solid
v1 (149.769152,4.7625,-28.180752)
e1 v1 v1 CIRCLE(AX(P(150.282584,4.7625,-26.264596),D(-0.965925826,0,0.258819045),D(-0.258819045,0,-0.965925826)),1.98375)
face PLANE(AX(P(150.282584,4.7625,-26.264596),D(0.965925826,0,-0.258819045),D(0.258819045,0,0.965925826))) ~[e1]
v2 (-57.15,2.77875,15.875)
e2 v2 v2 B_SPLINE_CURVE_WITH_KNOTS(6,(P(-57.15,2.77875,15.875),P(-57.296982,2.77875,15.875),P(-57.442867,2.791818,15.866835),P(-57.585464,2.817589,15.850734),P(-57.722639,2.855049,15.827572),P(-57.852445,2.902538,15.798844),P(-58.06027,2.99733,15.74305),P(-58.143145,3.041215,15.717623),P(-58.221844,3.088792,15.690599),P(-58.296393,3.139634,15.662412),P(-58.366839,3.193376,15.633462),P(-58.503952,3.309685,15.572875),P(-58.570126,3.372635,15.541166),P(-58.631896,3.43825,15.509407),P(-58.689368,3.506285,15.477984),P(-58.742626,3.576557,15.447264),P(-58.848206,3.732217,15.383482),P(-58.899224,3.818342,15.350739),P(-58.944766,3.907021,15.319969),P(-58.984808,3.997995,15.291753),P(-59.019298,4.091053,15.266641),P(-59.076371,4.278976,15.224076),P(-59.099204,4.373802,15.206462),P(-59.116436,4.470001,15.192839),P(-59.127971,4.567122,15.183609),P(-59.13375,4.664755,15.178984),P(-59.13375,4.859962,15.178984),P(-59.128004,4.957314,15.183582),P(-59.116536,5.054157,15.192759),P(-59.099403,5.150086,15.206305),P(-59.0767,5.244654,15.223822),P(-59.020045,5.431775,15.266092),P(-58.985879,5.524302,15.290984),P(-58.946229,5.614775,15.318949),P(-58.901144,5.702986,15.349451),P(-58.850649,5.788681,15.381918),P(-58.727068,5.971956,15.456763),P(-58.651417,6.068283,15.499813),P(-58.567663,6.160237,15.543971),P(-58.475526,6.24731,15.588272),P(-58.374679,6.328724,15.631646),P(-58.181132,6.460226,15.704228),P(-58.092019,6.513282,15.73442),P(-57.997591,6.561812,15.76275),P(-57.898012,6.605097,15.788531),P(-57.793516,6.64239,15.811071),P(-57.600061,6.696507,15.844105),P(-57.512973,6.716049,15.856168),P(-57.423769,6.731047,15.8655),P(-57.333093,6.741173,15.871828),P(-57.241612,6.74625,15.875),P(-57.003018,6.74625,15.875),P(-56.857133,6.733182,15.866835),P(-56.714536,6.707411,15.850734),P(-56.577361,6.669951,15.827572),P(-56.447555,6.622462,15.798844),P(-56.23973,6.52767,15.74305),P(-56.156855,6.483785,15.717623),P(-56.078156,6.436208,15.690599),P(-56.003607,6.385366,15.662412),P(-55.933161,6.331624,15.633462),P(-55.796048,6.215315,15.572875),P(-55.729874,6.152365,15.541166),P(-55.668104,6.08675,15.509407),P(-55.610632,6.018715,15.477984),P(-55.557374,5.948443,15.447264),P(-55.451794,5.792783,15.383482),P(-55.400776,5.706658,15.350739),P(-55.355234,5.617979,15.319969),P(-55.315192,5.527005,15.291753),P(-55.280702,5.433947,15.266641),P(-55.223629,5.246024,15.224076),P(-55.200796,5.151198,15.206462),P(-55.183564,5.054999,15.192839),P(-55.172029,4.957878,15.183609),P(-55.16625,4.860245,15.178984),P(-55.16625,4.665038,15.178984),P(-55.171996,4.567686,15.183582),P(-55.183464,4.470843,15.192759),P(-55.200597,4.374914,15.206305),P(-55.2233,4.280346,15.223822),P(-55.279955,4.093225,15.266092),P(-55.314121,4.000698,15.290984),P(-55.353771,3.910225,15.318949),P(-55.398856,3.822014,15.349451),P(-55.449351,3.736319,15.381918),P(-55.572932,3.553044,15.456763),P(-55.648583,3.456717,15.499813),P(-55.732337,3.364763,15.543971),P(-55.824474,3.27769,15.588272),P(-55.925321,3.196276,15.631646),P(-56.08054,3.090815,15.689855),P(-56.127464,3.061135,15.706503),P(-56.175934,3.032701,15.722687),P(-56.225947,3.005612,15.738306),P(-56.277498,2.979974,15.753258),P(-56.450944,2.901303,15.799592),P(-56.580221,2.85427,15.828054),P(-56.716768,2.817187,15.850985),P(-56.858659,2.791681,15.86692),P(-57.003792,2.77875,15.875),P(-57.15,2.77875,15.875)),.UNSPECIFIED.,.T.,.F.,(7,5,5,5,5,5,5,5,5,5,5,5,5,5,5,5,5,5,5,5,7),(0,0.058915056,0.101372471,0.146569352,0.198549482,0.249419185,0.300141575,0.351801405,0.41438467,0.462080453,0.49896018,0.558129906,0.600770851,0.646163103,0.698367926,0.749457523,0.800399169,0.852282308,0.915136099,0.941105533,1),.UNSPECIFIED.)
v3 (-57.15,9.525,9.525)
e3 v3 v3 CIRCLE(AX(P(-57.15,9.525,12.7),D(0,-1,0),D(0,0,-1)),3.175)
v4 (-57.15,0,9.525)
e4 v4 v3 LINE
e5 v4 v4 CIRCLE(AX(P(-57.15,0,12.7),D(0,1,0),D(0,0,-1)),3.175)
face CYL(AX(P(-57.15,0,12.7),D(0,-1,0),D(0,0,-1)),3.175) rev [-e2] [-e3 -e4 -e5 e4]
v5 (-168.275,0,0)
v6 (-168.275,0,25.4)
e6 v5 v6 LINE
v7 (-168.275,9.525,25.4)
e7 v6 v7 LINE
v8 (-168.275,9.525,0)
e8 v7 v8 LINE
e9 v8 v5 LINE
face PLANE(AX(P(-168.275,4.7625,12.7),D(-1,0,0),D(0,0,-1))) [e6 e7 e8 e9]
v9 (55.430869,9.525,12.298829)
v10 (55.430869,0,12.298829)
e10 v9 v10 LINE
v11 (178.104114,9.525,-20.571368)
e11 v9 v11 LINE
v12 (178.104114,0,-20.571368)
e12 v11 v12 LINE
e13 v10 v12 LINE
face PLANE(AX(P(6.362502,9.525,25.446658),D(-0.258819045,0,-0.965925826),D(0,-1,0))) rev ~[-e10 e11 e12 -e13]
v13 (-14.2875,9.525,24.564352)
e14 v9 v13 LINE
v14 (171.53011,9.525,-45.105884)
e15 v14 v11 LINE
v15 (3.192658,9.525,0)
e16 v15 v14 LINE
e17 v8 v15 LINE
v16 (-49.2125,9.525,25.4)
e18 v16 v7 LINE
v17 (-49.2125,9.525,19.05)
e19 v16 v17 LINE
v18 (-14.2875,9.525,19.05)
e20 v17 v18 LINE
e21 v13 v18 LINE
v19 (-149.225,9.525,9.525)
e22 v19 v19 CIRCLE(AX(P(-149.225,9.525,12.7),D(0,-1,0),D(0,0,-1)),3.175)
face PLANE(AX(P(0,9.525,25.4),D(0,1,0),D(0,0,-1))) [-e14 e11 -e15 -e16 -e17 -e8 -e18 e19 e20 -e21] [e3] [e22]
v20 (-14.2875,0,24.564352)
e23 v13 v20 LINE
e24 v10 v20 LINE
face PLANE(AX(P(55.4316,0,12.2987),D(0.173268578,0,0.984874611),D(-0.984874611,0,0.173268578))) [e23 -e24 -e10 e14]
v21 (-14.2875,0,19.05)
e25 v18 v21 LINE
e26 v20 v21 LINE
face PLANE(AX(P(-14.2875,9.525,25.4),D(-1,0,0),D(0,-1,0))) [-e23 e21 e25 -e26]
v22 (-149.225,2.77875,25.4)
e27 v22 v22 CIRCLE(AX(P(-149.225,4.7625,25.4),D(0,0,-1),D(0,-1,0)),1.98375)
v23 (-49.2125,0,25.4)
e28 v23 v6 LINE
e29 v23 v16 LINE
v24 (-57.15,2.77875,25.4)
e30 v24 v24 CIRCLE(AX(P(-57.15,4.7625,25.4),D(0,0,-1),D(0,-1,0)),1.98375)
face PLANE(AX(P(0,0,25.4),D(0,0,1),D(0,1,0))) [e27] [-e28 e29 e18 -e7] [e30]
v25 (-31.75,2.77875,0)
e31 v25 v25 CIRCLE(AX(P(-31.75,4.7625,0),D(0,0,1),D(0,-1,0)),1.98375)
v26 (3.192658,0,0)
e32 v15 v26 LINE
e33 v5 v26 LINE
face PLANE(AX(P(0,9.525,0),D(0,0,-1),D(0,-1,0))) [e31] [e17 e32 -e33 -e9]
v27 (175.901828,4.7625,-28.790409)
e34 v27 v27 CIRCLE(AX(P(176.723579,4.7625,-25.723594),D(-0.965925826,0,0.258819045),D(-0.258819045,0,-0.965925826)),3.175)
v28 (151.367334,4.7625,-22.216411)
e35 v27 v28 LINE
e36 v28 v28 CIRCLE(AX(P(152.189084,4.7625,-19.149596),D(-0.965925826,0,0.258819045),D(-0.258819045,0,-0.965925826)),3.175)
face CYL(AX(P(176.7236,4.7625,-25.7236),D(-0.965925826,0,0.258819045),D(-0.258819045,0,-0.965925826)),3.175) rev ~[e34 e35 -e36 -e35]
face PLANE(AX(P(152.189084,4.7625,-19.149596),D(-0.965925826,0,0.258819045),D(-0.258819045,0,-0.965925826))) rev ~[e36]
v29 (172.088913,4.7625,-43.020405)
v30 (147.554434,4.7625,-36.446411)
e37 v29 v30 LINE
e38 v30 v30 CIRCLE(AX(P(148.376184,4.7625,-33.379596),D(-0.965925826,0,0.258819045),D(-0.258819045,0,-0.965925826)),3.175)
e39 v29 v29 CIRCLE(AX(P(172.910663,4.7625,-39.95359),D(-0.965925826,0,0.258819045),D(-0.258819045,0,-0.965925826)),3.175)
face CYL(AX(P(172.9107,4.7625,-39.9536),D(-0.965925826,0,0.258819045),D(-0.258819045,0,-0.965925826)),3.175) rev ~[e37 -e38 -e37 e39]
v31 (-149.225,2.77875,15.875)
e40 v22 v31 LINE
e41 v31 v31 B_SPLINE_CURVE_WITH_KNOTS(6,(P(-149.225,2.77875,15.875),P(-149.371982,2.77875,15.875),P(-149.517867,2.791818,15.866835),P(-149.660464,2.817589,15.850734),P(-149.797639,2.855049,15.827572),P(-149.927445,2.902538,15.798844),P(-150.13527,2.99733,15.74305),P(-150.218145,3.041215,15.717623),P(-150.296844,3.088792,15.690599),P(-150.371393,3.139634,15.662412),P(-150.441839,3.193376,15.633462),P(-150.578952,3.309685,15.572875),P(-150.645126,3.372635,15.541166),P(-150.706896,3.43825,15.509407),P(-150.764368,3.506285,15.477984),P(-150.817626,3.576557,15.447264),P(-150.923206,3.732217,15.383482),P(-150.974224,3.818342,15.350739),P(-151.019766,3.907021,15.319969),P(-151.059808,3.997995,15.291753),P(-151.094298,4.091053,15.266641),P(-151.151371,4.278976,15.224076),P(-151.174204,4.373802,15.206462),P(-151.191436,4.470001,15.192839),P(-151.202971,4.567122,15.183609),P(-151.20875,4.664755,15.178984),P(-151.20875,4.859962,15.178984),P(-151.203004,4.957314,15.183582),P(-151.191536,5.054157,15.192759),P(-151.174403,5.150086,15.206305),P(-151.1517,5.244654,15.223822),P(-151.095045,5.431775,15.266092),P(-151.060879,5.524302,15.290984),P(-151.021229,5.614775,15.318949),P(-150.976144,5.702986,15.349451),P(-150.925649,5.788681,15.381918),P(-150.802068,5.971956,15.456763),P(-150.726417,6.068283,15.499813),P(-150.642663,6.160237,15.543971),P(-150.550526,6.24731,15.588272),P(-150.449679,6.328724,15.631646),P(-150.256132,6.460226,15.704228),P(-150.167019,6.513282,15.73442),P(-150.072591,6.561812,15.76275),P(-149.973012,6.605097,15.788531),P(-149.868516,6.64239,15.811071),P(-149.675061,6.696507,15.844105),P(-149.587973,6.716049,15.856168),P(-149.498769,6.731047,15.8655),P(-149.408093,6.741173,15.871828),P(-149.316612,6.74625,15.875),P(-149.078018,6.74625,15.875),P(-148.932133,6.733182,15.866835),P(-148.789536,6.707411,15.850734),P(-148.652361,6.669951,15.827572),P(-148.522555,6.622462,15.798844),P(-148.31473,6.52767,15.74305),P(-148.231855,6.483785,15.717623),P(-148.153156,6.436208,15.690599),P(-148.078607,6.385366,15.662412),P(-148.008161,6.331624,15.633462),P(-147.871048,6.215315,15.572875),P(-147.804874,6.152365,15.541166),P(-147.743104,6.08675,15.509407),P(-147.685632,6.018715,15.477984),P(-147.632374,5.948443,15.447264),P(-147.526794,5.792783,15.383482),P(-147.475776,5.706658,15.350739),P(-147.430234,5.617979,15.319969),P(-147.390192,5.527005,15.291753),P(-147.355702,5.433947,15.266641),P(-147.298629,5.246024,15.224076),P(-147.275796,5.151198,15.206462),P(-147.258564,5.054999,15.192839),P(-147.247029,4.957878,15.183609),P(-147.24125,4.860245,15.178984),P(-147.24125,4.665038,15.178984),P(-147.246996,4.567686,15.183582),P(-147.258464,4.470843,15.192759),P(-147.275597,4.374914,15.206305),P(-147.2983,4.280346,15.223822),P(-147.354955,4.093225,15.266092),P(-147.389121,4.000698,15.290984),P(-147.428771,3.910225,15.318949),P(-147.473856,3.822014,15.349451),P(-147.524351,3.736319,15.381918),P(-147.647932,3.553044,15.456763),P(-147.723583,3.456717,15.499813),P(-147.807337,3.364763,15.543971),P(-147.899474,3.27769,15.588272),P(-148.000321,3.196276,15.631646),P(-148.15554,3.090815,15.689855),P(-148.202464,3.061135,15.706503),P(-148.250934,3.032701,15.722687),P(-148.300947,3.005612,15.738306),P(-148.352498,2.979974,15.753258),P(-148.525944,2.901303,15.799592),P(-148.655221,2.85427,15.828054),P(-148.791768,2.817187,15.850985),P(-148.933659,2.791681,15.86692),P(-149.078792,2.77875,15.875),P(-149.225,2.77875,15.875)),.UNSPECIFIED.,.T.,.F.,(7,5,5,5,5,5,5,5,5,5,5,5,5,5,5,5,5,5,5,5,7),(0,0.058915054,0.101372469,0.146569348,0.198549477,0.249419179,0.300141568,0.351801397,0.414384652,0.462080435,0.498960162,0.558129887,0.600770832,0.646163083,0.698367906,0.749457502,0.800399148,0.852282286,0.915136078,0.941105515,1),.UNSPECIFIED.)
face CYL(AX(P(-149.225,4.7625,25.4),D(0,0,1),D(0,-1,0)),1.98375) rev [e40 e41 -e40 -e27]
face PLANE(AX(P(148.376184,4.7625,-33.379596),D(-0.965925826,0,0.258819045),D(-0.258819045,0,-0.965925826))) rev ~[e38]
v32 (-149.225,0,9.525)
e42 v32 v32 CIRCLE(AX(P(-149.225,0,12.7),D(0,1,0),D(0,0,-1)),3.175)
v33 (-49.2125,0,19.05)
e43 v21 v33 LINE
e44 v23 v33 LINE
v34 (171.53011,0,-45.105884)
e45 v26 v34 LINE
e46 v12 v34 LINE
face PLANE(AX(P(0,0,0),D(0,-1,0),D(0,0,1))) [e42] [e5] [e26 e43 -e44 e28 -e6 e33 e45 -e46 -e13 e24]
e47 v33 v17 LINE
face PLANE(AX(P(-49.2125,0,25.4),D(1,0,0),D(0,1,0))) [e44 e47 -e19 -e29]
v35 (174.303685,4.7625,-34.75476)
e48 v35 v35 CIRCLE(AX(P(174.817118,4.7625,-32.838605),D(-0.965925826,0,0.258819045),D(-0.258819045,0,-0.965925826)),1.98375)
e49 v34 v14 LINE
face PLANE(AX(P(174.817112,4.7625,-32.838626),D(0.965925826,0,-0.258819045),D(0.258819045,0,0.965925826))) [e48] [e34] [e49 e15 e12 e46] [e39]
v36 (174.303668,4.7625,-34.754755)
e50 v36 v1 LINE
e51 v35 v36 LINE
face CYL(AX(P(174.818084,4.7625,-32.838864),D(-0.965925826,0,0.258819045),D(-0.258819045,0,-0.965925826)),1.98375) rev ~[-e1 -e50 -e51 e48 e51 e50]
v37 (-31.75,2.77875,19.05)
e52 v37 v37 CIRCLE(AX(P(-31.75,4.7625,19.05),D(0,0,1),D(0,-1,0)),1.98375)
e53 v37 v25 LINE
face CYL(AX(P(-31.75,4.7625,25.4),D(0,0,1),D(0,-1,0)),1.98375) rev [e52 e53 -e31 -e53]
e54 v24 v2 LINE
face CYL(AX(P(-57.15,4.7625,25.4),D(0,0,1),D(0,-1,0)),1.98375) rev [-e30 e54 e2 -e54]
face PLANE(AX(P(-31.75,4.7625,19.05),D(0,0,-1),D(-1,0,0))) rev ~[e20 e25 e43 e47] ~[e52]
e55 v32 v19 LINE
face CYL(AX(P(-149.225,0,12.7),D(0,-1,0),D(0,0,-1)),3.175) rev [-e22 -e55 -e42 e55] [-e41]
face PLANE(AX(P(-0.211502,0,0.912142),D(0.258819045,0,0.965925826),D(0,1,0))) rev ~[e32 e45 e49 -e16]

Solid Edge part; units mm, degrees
sketch "Sketch1" plane through (0, 0, 0) normal (1, 0, 0) x (0, 1, 0)
  line L0 (0, 0) -> (0, 25.4)
  line L1 (0, 25.4) -> (9.525, 25.4)
  line L2 (9.525, 25.4) -> (9.525, 0)
  line L3 (9.525, 0) -> (0, 0)
  dimension "D1" = 9.525
  dimension "D2" = 25.4
extrude "ExtrudedProtrusion_1" add sketch "Sketch1" along normal blind 6.35 and the other way blind 168.275
hole "Hole_1" at (-57.15, 0, 12.7) direction (0, 1, 0) diameter 6.35 end through all
hole "Hole1" at (-149.225, 0, 12.7) direction (0, 1, 0) diameter 6.35 end through all
hole "Hole2" at (-57.15, 4.7625, 25.4) direction (0, 0, -1) diameter 3.9675 end up to next
hole "Hole3" at (-149.225, 4.7625, 25.4) direction (0, 0, -1) diameter 3.9675 end up to next
hole "Hole_3" at (-31.75, 4.7625, 25.4) direction (0, 0, -1) diameter 3.9675 end through all
sketch "Sketch2" plane through (0, 12.7, 25.4) normal (0, 0, 1) x (1, 0, 0)
  line L0 (-49.2125, -3.175) -> (-14.2875, -3.175)
  line L1 (-14.2875, -3.175) -> (-14.2875, -12.7)
  line L2 (-14.2875, -12.7) -> (-49.2125, -12.7)
  line L3 (-49.2125, -12.7) -> (-49.2125, -3.175)
  dimension "D1" = 17.4625
  dimension "D2" = 34.925
extrude "ExtrudedCutout_1" cut sketch "Sketch2" against normal blind 6.35
sketch "Sketch3" plane through (3.0755, 4.7625, 13.1794) normal (0.9659, 0, -0.2588) x (0, 1, 0)
  line L0 (-4.7625, 12.7) -> (-4.7625, -12.7)
  line L1 (-4.7625, -12.7) -> (4.7625, -12.7)
  line L2 (4.7625, -12.7) -> (4.7625, 12.7)
  line L3 (4.7625, 12.7) -> (-4.7625, 12.7)
  dimension "D1" = 25.4
  dimension "D2" = 9.525
extrude "ExtrudedProtrusion_2" add sketch "Sketch3" along normal blind 177.8
hole "Hole_4" at (174.8171, 4.7625, -32.8386) direction (-0.9659, 0, 0.2588) diameter 3.9675 depth 25.4
hole "Hole4" at (176.7236, 4.7625, -25.7236) direction (-0.9659, 0, 0.2588) diameter 6.35 depth 25.4
hole "Hole5" at (172.9107, 4.7625, -39.9536) direction (-0.9659, 0, 0.2588) diameter 6.35 depth 25.4
sketch "Sketch4" plane through (4.9146, 0, -9.8296) normal (0, -1, 0) x (1, 0, 0)
  line L0 (1.4479, 35.2763) -> (50.517, 22.1283)
  line L1 (50.517, 22.1283) -> (-23.952, 35.2296)
  line L2 (-23.952, 35.2296) -> (1.4479, 35.2763)
  dimension "D1" = 50.8
  dimension "D2" = 25.4
extrude "Cutout1" cut sketch "Sketch4" against normal up to next
properties part number "SR-01" material "Aluminum, 1060"
